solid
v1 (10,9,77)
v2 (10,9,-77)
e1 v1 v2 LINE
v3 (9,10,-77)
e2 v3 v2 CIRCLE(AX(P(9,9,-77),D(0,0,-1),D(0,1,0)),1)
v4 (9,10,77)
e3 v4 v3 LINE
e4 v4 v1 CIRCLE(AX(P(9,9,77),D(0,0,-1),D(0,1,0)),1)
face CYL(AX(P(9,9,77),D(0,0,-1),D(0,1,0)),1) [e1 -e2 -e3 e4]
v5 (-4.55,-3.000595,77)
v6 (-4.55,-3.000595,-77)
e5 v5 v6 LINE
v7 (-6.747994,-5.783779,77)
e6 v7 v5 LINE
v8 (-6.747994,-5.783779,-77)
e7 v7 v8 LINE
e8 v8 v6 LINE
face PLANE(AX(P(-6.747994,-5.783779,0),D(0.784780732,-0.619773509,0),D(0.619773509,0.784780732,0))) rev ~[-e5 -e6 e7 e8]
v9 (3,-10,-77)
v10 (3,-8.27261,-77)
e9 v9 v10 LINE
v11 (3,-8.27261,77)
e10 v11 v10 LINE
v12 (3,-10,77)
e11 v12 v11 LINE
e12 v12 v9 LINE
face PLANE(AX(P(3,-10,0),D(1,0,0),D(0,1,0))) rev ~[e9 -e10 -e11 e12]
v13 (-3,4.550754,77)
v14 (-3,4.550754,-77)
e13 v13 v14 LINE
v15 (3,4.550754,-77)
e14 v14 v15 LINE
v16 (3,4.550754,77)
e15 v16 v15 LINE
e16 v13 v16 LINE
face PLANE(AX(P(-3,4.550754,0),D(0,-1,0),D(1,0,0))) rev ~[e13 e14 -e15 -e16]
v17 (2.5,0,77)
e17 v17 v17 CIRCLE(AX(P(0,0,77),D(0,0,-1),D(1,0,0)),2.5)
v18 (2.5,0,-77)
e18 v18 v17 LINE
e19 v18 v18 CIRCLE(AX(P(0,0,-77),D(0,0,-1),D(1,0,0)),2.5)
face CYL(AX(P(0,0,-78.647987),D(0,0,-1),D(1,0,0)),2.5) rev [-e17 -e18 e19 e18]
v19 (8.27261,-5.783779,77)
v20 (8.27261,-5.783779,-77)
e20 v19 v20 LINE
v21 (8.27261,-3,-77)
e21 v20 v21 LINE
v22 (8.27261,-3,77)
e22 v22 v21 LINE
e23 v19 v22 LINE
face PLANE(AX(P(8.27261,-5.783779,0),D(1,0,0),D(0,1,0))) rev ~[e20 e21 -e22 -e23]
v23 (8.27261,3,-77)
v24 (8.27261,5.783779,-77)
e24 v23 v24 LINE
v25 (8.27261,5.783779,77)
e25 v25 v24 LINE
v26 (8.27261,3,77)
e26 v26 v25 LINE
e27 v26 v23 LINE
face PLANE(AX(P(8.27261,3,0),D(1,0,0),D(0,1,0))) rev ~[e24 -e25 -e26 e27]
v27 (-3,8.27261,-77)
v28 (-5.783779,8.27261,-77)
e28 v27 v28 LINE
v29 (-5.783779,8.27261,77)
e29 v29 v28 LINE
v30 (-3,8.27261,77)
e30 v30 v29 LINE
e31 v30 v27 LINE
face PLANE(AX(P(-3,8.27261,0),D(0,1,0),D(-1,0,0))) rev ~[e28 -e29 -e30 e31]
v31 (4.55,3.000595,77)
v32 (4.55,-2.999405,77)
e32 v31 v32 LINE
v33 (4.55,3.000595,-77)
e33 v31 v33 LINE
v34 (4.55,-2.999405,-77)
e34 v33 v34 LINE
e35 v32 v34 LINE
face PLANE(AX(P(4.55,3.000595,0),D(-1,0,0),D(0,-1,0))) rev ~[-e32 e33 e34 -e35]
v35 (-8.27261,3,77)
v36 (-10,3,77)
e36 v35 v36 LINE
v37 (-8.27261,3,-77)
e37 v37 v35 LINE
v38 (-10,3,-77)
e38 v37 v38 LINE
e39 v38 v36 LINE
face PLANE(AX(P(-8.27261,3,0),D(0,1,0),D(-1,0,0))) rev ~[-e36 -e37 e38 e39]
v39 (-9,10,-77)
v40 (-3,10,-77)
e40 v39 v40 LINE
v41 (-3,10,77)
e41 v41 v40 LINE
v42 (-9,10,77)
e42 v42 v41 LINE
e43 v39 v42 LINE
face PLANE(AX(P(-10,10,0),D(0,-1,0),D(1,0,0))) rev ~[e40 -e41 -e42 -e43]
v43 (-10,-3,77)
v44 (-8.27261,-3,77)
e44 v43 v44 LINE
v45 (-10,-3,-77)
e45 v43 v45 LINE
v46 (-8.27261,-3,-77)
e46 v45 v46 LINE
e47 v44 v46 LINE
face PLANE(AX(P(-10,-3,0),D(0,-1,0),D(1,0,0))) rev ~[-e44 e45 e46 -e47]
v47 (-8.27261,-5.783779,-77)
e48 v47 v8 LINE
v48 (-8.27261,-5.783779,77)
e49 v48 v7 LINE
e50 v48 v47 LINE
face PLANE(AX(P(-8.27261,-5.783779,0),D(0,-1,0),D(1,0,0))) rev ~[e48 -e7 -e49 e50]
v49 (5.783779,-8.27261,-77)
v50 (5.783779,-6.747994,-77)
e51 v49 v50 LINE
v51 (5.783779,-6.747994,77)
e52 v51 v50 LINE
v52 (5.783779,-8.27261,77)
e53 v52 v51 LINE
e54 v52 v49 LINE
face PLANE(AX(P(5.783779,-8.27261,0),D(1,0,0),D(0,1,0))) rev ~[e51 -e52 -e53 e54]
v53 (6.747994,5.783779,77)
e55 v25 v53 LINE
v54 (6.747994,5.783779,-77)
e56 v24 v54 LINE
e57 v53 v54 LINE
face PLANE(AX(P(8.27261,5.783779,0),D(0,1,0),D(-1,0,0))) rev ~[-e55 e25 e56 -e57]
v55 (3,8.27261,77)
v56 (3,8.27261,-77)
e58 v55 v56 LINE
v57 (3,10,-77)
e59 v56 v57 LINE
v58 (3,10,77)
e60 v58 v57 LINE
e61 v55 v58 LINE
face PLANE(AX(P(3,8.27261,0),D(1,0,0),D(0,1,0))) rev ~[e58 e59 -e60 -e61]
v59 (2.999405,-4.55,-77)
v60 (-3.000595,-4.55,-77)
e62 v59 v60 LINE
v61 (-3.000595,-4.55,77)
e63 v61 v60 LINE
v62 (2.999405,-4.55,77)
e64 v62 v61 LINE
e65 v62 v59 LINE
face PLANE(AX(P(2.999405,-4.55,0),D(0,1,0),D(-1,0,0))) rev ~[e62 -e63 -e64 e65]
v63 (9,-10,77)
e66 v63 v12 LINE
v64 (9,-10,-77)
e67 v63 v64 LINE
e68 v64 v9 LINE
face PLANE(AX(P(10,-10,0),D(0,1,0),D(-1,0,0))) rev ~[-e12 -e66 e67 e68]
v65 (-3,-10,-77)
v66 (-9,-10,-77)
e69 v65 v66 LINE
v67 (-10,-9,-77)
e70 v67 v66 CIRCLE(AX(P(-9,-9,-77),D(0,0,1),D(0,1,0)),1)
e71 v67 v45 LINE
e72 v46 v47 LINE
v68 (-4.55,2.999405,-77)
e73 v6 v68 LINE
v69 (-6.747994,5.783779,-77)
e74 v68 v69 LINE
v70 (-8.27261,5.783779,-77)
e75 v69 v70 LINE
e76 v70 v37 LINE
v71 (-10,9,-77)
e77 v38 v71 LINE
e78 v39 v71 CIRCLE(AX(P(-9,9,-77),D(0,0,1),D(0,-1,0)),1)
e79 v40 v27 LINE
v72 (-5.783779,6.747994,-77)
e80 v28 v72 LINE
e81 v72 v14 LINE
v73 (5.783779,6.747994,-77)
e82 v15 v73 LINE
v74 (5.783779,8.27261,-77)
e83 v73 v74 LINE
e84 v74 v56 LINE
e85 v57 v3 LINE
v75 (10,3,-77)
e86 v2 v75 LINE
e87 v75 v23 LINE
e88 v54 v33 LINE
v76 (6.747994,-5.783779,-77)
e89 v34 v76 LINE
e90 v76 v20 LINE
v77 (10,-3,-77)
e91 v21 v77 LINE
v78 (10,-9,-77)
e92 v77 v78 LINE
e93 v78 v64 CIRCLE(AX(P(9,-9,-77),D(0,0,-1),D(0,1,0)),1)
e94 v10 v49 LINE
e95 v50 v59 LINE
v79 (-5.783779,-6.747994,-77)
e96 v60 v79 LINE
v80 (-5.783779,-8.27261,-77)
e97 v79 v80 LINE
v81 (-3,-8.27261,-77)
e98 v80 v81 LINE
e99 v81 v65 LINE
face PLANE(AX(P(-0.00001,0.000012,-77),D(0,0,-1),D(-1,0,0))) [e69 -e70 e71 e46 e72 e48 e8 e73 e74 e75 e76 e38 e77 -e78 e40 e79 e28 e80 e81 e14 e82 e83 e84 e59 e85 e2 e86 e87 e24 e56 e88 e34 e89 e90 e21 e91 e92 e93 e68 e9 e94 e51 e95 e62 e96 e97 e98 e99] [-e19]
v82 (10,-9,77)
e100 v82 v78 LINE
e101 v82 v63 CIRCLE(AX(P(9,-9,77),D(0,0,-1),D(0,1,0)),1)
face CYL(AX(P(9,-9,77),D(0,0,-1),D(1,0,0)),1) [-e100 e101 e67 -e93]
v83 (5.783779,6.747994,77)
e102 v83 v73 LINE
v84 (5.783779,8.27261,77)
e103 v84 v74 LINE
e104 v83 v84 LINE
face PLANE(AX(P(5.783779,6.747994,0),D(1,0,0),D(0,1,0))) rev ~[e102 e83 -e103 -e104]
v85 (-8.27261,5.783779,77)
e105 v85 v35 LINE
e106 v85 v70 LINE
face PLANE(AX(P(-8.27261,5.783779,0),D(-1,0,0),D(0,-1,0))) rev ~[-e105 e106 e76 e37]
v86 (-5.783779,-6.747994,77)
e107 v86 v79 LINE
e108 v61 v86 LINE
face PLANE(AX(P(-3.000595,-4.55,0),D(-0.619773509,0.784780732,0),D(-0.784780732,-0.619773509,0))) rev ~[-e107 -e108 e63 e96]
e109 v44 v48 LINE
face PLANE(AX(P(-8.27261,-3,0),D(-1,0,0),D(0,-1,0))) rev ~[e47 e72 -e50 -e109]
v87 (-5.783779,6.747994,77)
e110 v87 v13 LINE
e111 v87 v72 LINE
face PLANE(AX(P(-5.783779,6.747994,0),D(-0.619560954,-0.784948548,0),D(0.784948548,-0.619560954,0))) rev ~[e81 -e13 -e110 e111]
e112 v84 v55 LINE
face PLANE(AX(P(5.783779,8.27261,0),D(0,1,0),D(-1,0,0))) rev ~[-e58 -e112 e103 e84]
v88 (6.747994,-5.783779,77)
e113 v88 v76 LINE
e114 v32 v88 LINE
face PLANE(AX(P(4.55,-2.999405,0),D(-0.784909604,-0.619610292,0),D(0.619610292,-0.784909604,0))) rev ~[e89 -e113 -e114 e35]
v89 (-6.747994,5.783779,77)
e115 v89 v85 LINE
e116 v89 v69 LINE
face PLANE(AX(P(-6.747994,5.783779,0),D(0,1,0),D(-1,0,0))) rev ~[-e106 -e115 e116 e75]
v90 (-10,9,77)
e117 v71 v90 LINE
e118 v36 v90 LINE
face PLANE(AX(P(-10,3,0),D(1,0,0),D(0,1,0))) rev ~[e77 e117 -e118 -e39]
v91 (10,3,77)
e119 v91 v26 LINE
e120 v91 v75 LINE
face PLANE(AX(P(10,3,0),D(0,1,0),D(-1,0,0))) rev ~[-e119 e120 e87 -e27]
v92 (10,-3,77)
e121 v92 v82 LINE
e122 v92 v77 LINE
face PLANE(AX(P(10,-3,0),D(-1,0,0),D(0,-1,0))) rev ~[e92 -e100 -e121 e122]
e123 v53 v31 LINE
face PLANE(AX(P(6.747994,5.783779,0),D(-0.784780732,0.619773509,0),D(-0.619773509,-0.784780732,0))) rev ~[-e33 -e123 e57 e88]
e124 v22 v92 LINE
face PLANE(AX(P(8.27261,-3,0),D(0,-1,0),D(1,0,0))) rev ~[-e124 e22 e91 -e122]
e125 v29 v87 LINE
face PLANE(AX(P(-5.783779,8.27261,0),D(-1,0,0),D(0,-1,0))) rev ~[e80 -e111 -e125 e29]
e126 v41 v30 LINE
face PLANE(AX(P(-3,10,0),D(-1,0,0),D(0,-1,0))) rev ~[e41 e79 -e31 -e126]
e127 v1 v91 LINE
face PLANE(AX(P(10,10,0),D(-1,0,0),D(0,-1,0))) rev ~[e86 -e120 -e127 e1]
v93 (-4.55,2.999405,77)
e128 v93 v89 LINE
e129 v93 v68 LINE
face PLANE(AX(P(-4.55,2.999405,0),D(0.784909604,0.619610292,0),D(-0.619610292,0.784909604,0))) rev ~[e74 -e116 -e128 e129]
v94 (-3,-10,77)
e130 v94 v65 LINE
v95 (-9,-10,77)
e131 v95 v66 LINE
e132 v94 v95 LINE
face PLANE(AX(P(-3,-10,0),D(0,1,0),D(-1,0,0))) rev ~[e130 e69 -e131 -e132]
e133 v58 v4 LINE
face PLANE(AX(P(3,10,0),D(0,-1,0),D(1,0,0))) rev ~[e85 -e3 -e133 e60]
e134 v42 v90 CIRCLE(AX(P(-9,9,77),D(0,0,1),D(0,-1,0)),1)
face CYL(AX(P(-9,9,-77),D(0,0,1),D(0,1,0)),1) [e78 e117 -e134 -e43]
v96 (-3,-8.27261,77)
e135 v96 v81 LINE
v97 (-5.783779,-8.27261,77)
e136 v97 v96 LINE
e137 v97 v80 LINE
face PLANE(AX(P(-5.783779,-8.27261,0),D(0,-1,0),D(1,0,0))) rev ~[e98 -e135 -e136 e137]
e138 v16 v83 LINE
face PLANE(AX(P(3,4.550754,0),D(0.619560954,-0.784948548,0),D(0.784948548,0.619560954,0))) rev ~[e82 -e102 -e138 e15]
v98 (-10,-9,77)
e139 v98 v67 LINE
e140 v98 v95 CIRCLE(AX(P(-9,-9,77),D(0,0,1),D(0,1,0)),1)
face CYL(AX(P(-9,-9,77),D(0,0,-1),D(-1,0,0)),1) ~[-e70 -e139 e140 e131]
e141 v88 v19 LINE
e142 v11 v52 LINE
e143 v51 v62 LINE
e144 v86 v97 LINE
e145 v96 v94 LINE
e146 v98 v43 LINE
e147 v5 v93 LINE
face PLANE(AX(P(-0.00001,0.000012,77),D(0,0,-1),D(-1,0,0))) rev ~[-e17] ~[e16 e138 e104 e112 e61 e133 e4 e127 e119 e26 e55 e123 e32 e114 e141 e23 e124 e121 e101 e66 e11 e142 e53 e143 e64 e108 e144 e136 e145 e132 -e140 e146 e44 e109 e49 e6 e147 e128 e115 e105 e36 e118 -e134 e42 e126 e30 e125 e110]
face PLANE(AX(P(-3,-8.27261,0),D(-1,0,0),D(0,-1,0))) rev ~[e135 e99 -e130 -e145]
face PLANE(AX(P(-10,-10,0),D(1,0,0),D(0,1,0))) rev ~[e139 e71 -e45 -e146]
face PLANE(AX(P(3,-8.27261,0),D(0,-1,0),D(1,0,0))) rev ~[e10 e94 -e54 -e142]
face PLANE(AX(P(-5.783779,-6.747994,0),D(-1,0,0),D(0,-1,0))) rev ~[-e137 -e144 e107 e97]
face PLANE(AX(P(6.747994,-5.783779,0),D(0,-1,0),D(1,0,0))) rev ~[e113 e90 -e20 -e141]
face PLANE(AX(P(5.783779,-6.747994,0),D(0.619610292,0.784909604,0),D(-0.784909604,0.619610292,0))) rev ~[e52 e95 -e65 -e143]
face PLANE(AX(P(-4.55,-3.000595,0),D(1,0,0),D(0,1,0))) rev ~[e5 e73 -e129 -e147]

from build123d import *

# Parameters (mm, degrees)
BOSS_EXTRUDE1_DEPTH     = 77
CUT_EXTRUDE1_DEPTH      = 155.647987378
CUT_EXTRUDE1_DEPTH_BACK = 155.647987378
SKETCH2_R               = 2.5
FILLET1_R               = 1


with BuildPart() as part:
    # Sketch1 → Boss-Extrude1 (new, symmetric)
    with BuildSketch(Plane.XY):
        Polygon((-10, 10), (-3, 10), (-3, 8.272610059), (-5.783778863, 8.272610059), (-5.783778863, 6.747994248), (-3, 4.550753814), (3, 4.550753814), (5.783778863, 6.747994248), (5.783778863, 8.272610059), (3, 8.272610059), (3, 10), (10, 10), (10, 3), (8.272610059, 3), (8.272610059, 5.783778863), (6.747994248, 5.783778863), (4.55, 3.000595152), (4.55, -2.999404848), (6.747994248, -5.783778863), (8.272610059, -5.783778863), (8.272610059, -3), (10, -3), (10, -10), (3, -10), (3, -8.272610059), (5.783778863, -8.272610059), (5.783778863, -6.747994248), (2.999404848, -4.55), (-3.000595152, -4.55), (-5.783778863, -6.747994248), (-5.783778863, -8.272610059), (-3, -8.272610059), (-3, -10), (-10, -10), (-10, -3), (-8.272610059, -3), (-8.272610059, -5.783778863), (-6.747994248, -5.783778863), (-4.55, -3.000595152), (-4.55, 2.999404848), (-6.747994248, 5.783778863), (-8.272610059, 5.783778863), (-8.272610059, 3), (-10, 3), align=None)
    extrude(amount=BOSS_EXTRUDE1_DEPTH, both=True)

    # Sketch2 → Cut-Extrude1 (cut, two sides: drawn at the far end of the back side and taken through both)
    with BuildSketch(Plane.XY.offset(77).offset(-CUT_EXTRUDE1_DEPTH_BACK)):
        Circle(SKETCH2_R)
    extrude(amount=CUT_EXTRUDE1_DEPTH + CUT_EXTRUDE1_DEPTH_BACK, mode=Mode.SUBTRACT)

    # Fillet1
    fillet1_edges = [part.edges().sort_by_distance(p)[0] for p in [
        (-10, 10, 0),
        (10, 10, 0),
        (10, -10, 0),
        (-10, -10, 0),
    ]]
    fillet(fillet1_edges, radius=FILLET1_R)


solid = part.part
